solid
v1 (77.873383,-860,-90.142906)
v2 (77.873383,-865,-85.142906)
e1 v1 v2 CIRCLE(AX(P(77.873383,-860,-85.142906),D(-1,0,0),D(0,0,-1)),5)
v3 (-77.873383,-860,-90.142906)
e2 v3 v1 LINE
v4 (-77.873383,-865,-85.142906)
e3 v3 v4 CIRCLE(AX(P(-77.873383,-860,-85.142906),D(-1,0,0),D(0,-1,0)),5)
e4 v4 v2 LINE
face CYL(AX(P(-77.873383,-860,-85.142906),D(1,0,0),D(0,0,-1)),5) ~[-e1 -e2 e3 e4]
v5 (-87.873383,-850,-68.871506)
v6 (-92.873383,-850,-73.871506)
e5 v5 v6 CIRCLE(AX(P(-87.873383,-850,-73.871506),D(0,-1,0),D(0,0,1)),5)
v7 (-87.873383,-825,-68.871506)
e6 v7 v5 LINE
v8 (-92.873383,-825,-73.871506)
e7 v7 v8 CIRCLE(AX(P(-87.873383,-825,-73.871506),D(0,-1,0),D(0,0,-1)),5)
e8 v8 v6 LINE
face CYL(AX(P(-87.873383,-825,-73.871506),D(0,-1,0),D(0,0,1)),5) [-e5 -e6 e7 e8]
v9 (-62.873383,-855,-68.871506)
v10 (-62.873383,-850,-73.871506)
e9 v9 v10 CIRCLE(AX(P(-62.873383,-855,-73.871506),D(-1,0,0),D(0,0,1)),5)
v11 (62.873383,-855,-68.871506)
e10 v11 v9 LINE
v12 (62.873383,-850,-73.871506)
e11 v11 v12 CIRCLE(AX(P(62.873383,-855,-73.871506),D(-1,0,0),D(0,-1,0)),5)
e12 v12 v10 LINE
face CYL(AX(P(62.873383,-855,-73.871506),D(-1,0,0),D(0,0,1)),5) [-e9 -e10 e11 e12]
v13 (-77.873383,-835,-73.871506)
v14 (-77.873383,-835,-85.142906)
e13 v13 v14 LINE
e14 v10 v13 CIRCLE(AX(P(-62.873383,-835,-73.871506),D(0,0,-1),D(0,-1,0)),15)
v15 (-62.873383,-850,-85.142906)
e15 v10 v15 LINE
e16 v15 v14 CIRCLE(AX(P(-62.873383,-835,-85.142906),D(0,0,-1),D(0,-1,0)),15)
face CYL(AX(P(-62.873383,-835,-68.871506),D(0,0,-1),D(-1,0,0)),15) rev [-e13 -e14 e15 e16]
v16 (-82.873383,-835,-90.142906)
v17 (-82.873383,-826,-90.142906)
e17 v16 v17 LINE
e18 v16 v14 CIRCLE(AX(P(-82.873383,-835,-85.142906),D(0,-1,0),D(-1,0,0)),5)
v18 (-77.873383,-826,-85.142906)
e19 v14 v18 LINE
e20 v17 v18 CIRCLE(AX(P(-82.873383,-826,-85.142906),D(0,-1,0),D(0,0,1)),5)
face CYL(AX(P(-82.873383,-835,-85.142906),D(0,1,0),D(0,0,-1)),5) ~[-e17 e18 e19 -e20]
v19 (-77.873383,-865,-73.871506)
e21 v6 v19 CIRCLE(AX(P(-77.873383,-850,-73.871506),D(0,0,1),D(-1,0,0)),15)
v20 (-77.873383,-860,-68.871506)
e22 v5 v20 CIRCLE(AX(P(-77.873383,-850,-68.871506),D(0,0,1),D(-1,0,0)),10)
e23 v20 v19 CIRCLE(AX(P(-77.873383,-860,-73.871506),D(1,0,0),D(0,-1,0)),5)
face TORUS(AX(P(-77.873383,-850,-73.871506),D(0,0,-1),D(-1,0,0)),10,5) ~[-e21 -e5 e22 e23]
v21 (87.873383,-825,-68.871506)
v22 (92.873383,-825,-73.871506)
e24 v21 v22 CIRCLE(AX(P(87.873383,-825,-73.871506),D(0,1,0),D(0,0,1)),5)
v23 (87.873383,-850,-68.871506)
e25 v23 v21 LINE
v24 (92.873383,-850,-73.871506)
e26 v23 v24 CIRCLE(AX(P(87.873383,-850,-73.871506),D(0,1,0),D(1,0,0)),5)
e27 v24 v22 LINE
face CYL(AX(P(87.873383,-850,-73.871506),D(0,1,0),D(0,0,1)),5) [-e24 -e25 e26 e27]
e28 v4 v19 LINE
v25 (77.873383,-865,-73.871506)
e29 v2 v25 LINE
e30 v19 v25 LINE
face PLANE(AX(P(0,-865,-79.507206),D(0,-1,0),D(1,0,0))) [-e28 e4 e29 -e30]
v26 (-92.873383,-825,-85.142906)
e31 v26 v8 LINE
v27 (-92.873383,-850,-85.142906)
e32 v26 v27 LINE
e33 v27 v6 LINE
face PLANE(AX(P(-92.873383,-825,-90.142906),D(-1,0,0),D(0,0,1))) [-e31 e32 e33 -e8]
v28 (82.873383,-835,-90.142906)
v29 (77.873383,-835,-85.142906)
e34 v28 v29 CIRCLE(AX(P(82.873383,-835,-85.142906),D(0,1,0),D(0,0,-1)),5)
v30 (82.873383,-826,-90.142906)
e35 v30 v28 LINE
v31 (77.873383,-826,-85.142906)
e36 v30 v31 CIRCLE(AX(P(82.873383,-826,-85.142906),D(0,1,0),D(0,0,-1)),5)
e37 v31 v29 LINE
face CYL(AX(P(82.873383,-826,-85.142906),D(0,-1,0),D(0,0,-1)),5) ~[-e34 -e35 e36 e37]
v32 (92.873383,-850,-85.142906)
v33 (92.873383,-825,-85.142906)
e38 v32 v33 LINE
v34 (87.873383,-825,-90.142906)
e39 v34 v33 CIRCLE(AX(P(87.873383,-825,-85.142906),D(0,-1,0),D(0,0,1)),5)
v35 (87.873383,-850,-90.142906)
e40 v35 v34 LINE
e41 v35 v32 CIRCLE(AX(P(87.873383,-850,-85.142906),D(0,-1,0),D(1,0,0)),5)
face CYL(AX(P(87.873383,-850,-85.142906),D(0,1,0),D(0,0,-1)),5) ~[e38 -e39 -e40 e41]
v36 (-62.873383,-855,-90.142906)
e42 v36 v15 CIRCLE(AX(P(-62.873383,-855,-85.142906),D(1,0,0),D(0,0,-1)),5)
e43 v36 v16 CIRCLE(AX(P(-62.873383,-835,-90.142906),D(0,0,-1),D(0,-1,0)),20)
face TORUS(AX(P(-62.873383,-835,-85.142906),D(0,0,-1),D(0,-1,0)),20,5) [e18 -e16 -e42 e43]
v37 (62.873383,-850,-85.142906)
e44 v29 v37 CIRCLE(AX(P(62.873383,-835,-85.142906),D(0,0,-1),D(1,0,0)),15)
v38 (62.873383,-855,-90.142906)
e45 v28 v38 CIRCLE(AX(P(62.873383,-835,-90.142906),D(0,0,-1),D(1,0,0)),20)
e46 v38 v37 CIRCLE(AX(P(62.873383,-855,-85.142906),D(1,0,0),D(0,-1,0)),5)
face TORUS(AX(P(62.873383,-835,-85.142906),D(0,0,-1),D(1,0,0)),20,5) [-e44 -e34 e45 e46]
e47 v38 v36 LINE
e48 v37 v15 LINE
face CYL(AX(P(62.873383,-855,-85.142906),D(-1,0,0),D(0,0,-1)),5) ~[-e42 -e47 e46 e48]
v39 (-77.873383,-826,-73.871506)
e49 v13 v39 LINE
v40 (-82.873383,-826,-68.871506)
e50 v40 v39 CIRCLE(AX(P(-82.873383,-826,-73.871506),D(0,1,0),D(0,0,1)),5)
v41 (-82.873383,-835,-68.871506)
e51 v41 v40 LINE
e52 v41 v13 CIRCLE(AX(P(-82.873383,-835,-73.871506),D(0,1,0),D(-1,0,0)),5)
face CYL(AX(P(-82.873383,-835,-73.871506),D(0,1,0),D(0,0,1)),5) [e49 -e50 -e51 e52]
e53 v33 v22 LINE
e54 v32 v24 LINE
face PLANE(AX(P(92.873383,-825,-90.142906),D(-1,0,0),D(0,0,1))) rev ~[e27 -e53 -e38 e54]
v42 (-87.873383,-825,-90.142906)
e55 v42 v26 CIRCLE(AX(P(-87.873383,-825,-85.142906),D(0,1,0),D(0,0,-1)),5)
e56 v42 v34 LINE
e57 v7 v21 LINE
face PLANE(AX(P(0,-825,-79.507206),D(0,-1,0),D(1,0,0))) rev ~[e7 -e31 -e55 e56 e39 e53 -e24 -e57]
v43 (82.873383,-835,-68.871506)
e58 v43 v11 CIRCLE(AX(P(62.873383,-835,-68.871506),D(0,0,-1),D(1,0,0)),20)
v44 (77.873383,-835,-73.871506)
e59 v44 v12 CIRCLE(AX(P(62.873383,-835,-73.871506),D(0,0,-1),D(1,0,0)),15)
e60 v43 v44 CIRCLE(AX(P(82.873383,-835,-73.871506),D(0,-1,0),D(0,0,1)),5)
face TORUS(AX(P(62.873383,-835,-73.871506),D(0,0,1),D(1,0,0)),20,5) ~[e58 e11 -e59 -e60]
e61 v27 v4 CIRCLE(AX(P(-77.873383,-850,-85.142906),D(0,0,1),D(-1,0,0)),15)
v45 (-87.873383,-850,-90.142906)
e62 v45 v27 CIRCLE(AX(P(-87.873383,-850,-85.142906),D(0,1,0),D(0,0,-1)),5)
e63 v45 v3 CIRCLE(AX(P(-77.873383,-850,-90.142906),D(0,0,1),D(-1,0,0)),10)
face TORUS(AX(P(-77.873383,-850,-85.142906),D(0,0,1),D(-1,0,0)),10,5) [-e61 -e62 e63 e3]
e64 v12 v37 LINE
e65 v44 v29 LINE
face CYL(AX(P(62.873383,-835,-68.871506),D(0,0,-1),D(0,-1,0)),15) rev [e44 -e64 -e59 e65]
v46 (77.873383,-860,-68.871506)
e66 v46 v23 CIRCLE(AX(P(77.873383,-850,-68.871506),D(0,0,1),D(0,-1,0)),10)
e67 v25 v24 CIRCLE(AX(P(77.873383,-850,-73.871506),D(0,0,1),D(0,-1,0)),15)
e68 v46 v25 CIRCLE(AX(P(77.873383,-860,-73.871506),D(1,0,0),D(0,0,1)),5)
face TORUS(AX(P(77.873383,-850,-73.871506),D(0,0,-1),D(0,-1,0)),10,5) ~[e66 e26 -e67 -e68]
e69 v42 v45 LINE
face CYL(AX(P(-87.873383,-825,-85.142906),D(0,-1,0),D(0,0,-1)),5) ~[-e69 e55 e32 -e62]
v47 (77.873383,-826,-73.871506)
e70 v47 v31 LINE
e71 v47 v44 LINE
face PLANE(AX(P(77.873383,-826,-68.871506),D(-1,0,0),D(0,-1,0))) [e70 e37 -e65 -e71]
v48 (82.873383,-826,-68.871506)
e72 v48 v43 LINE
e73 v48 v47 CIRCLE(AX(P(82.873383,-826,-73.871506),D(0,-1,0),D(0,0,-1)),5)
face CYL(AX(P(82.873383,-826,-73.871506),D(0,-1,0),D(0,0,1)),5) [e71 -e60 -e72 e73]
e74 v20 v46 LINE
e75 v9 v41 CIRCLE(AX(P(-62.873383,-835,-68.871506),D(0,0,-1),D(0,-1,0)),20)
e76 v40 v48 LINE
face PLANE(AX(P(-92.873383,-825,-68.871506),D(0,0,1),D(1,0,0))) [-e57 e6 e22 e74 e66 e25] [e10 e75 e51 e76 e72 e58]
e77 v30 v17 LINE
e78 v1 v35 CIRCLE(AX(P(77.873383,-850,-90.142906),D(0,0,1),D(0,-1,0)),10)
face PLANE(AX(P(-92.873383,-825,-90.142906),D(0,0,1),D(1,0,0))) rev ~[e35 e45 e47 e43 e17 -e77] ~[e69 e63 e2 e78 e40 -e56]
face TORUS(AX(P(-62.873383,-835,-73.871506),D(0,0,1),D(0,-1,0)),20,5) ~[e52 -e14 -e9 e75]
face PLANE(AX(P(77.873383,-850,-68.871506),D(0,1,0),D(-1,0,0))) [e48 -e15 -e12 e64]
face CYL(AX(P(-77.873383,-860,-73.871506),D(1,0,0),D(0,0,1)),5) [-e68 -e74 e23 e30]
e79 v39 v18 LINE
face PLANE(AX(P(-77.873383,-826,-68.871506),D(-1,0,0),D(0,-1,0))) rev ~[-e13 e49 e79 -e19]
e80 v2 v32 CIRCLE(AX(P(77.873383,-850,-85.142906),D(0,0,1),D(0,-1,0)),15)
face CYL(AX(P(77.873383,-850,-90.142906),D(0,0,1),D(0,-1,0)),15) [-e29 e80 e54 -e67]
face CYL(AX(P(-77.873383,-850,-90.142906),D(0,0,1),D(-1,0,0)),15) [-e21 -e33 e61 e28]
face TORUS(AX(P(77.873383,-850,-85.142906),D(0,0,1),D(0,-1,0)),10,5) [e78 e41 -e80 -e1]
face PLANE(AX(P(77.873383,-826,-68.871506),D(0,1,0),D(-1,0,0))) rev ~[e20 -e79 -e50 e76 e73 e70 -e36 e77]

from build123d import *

# Parameters (mm, degrees)
SKETCH008_W     = 185.746766
SKETCH008_H     = 21.2714
PAD006_DEPTH    = 40
SKETCH009_W     = 155.746766
SKETCH009_H     = 24
POCKET002_DEPTH = 21.2724
FILLET_R        = 15
FILLET001_R     = 5


with BuildPart() as part:
    # Sketch008 (on Face1 of CopyPocket001) → Pad006 (new body)
    with BuildSketch(Plane.XZ.offset(825)):
        with Locations((0, -79.507206)):
            Rectangle(SKETCH008_W, SKETCH008_H)
    extrude(amount=PAD006_DEPTH)

    # Sketch009 (on Face4 of Pad006) → Pocket002 (cut, through all)
    with BuildSketch(Plane(origin=(0, 0, -68.871506), x_dir=(-1, 0, 0), z_dir=(0, 0, 1))):
        with Locations((0, 838)):
            Rectangle(SKETCH009_W, SKETCH009_H)
    extrude(amount=-POCKET002_DEPTH, mode=Mode.SUBTRACT)

    # Fillet
    fillet_edges = [part.edges().sort_by_distance(p)[0] for p in [
        (77.873383, -850, -79.507206),
        (-77.873383, -850, -79.507206),
        (-92.873383, -865, -79.507206),
        (92.873383, -865, -79.507206),
    ]]
    fillet(fillet_edges, radius=FILLET_R)

    # Fillet001
    fillet001_edges = [part.edges().sort_by_distance(p)[0] for p in [
        (0, -865, -68.871506),
        (0, -865, -90.142906),
        (0, -850, -68.871506),
        (0, -850, -90.142906),
    ]]
    fillet(fillet001_edges, radius=FILLET001_R)


solid = part.part
